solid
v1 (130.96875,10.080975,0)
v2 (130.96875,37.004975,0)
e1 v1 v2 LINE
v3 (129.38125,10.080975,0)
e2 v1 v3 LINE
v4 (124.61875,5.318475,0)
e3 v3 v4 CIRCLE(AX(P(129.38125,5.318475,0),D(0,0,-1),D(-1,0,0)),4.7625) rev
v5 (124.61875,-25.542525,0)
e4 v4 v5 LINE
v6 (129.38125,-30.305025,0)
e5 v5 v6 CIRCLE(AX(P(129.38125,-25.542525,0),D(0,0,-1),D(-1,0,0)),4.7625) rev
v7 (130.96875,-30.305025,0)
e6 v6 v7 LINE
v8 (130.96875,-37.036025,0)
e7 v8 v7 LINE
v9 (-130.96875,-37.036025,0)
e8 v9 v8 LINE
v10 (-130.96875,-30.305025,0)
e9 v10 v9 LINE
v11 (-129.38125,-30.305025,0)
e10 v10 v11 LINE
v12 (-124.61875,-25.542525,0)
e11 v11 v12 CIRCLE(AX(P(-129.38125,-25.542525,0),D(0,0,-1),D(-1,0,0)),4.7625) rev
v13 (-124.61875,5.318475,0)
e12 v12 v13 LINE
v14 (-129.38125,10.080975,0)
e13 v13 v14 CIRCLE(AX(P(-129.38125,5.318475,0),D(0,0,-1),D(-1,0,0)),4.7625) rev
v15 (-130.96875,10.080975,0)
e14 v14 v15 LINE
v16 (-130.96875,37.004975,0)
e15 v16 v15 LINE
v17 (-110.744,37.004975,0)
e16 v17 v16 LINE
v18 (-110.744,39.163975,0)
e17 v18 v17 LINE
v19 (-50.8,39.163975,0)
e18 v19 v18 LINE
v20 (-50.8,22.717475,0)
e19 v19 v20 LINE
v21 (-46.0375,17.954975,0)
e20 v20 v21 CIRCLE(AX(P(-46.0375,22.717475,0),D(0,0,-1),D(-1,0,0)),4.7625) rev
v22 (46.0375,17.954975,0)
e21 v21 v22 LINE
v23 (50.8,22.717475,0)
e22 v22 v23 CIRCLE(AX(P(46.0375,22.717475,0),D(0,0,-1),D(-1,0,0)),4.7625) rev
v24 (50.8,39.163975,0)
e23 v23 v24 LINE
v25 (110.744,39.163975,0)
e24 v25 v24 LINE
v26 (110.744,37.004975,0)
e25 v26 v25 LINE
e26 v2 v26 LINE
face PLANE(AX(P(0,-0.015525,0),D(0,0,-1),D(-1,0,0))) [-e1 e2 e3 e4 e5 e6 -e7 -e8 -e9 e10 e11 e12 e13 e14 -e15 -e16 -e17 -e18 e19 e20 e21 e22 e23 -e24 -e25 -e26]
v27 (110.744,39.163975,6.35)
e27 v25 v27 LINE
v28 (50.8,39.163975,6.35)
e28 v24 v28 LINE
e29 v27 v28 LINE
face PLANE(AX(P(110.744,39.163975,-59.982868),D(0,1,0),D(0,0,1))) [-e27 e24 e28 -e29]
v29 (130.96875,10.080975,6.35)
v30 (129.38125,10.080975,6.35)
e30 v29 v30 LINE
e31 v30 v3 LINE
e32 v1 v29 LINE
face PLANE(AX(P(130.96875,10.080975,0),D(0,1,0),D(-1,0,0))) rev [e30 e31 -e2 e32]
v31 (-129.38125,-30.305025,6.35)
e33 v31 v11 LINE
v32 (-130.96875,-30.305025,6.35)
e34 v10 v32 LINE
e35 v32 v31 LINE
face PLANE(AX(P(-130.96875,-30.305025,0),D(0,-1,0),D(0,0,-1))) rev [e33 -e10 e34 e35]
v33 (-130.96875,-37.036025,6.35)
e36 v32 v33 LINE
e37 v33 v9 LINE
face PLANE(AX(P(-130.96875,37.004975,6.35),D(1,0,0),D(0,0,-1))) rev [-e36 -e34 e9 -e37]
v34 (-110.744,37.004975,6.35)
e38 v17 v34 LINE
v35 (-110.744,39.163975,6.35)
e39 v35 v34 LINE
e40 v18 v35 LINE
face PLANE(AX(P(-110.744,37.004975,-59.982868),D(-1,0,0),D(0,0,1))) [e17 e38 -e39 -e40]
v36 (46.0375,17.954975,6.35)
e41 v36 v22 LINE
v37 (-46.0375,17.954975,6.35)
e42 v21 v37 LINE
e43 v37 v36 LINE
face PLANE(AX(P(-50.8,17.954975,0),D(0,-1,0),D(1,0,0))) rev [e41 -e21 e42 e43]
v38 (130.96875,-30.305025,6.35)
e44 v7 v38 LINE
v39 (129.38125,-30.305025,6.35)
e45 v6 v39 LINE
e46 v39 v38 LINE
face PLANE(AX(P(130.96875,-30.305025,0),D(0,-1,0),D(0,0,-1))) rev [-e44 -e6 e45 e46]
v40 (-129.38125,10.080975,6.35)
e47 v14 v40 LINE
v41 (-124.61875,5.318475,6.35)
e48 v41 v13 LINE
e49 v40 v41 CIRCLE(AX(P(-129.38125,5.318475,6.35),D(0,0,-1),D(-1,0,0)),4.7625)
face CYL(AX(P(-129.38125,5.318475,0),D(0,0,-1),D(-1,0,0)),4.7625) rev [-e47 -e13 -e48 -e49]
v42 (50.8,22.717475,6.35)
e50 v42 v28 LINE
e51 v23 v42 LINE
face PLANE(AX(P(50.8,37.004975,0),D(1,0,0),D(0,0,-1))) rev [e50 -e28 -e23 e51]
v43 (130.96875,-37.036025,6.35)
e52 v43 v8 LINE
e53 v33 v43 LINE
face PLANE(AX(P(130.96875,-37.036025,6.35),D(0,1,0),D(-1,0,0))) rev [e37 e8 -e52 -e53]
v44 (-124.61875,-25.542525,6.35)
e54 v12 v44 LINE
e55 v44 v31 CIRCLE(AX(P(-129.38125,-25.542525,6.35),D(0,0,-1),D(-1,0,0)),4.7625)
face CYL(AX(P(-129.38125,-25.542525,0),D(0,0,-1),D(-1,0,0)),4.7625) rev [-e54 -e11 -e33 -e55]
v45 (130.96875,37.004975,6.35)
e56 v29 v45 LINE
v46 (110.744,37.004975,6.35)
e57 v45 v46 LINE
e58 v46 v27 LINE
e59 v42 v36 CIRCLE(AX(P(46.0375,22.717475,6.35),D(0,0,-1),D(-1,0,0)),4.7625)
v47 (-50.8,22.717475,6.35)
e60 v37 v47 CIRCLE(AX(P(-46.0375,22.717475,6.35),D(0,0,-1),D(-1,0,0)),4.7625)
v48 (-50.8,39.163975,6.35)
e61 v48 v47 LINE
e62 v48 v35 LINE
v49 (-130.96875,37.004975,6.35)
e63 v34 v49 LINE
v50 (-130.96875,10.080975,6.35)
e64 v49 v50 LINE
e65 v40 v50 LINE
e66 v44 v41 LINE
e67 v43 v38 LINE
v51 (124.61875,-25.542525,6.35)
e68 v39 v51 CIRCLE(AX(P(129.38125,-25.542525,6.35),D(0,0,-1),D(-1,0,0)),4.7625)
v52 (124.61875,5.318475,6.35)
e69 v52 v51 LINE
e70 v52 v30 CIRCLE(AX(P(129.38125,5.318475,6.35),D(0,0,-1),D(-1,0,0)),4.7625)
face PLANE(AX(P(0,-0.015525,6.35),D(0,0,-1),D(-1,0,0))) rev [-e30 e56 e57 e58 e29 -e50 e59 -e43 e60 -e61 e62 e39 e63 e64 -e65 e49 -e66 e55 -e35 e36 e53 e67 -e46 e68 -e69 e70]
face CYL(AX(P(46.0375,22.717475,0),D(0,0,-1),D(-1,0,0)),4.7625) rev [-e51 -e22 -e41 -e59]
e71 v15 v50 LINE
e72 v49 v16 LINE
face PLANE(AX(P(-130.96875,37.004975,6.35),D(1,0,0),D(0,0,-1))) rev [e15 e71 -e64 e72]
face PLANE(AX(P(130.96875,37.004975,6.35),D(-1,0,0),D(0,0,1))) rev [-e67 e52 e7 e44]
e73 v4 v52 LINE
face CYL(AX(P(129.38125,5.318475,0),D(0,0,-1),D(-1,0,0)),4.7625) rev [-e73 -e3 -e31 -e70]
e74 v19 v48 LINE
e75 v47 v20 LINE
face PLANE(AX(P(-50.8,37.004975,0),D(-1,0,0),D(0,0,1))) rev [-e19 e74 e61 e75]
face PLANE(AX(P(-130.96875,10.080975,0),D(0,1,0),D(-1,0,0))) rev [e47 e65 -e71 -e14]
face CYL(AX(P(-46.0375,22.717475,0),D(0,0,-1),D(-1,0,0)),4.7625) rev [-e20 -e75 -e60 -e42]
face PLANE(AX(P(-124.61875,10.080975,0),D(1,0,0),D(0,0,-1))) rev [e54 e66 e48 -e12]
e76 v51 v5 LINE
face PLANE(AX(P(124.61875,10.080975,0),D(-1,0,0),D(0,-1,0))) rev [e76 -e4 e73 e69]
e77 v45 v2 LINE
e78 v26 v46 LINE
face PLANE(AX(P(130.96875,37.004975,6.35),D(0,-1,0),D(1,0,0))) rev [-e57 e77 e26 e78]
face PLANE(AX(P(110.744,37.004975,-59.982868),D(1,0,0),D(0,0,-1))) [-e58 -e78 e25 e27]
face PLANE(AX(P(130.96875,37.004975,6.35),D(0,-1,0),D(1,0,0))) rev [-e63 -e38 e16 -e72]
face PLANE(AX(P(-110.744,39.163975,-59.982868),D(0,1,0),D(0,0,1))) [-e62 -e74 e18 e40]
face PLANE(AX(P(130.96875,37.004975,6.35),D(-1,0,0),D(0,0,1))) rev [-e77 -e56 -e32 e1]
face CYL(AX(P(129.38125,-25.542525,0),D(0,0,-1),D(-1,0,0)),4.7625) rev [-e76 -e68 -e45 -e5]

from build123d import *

# Parameters (mm, degrees)
SKETCH1_W           = 261.9375
SKETCH1_H           = 69.85
BOSS_EXTRUDE1_DEPTH = 6.35
SKETCH2_W           = 6.35
SKETCH2_H           = 38.1
CUT_EXTRUDE1_DEPTH  = 136.694110416
SCALE1_SCALE_X      = 1
SCALE1_SCALE_Y      = 1.06
SCALE1_SCALE_Z      = 1
SKETCH3_W           = 101.6
SKETCH3_H           = 19.05
CUT_EXTRUDE2_DEPTH  = 137.252717885
FILLET1_R           = 4.7625
SKETCH4_W           = 59.944
SKETCH4_H           = 2.159
BOSS_EXTRUDE2_DEPTH = 6.35


with BuildPart() as part:
    # Sketch1 → Boss-Extrude1 (new body)
    with BuildSketch(Plane.XY):
        Rectangle(SKETCH1_W, SKETCH1_H)
    extrude(amount=BOSS_EXTRUDE1_DEPTH)

    # Sketch2 → Cut-Extrude1 (cut, through all)
    with BuildSketch(Plane.XY.offset(6.35)):
        with Locations((-127.79375, -9.525)):
            Rectangle(SKETCH2_W, SKETCH2_H)
        with Locations((127.79375, -9.525)):
            Rectangle(SKETCH2_W, SKETCH2_H)
    extrude(amount=-CUT_EXTRUDE1_DEPTH, mode=Mode.SUBTRACT)


with BuildPart() as part_1:
    # Scale1: scaled about (0, 0.258743633, 3.175)
    add(part.part.scale((SCALE1_SCALE_X, SCALE1_SCALE_Y, SCALE1_SCALE_Z), about=(0, 0.258743633, 3.175)))

    # Sketch3 → Cut-Extrude2 (cut, through all)
    with BuildSketch(Plane.XY.offset(6.35)):
        with Locations((0, 27.479975382)):
            Rectangle(SKETCH3_W, SKETCH3_H)
    extrude(amount=-CUT_EXTRUDE2_DEPTH, mode=Mode.SUBTRACT)

    # Fillet1
    fillet1_edges = [part_1.edges().sort_by_distance(p)[0] for p in [
        (-124.61875, 10.080975382, 3.175),
        (-124.61875, -30.305024618, 3.175),
        (124.61875, -30.305024618, 3.175),
        (124.61875, 10.080975382, 3.175),
        (-50.8, 17.954975382, 3.175),
        (50.8, 17.954975382, 3.175),
    ]]
    fillet(fillet1_edges, radius=FILLET1_R)

    # Sketch4 → Boss-Extrude2 (add)
    with BuildSketch(Plane.XY.offset(6.35)):
        with Locations((-80.772, 38.084475382)):
            Rectangle(SKETCH4_W, SKETCH4_H)
        with Locations((80.772, 38.084475382)):
            Rectangle(SKETCH4_W, SKETCH4_H)
    extrude(amount=-BOSS_EXTRUDE2_DEPTH)


solid = part_1.part
